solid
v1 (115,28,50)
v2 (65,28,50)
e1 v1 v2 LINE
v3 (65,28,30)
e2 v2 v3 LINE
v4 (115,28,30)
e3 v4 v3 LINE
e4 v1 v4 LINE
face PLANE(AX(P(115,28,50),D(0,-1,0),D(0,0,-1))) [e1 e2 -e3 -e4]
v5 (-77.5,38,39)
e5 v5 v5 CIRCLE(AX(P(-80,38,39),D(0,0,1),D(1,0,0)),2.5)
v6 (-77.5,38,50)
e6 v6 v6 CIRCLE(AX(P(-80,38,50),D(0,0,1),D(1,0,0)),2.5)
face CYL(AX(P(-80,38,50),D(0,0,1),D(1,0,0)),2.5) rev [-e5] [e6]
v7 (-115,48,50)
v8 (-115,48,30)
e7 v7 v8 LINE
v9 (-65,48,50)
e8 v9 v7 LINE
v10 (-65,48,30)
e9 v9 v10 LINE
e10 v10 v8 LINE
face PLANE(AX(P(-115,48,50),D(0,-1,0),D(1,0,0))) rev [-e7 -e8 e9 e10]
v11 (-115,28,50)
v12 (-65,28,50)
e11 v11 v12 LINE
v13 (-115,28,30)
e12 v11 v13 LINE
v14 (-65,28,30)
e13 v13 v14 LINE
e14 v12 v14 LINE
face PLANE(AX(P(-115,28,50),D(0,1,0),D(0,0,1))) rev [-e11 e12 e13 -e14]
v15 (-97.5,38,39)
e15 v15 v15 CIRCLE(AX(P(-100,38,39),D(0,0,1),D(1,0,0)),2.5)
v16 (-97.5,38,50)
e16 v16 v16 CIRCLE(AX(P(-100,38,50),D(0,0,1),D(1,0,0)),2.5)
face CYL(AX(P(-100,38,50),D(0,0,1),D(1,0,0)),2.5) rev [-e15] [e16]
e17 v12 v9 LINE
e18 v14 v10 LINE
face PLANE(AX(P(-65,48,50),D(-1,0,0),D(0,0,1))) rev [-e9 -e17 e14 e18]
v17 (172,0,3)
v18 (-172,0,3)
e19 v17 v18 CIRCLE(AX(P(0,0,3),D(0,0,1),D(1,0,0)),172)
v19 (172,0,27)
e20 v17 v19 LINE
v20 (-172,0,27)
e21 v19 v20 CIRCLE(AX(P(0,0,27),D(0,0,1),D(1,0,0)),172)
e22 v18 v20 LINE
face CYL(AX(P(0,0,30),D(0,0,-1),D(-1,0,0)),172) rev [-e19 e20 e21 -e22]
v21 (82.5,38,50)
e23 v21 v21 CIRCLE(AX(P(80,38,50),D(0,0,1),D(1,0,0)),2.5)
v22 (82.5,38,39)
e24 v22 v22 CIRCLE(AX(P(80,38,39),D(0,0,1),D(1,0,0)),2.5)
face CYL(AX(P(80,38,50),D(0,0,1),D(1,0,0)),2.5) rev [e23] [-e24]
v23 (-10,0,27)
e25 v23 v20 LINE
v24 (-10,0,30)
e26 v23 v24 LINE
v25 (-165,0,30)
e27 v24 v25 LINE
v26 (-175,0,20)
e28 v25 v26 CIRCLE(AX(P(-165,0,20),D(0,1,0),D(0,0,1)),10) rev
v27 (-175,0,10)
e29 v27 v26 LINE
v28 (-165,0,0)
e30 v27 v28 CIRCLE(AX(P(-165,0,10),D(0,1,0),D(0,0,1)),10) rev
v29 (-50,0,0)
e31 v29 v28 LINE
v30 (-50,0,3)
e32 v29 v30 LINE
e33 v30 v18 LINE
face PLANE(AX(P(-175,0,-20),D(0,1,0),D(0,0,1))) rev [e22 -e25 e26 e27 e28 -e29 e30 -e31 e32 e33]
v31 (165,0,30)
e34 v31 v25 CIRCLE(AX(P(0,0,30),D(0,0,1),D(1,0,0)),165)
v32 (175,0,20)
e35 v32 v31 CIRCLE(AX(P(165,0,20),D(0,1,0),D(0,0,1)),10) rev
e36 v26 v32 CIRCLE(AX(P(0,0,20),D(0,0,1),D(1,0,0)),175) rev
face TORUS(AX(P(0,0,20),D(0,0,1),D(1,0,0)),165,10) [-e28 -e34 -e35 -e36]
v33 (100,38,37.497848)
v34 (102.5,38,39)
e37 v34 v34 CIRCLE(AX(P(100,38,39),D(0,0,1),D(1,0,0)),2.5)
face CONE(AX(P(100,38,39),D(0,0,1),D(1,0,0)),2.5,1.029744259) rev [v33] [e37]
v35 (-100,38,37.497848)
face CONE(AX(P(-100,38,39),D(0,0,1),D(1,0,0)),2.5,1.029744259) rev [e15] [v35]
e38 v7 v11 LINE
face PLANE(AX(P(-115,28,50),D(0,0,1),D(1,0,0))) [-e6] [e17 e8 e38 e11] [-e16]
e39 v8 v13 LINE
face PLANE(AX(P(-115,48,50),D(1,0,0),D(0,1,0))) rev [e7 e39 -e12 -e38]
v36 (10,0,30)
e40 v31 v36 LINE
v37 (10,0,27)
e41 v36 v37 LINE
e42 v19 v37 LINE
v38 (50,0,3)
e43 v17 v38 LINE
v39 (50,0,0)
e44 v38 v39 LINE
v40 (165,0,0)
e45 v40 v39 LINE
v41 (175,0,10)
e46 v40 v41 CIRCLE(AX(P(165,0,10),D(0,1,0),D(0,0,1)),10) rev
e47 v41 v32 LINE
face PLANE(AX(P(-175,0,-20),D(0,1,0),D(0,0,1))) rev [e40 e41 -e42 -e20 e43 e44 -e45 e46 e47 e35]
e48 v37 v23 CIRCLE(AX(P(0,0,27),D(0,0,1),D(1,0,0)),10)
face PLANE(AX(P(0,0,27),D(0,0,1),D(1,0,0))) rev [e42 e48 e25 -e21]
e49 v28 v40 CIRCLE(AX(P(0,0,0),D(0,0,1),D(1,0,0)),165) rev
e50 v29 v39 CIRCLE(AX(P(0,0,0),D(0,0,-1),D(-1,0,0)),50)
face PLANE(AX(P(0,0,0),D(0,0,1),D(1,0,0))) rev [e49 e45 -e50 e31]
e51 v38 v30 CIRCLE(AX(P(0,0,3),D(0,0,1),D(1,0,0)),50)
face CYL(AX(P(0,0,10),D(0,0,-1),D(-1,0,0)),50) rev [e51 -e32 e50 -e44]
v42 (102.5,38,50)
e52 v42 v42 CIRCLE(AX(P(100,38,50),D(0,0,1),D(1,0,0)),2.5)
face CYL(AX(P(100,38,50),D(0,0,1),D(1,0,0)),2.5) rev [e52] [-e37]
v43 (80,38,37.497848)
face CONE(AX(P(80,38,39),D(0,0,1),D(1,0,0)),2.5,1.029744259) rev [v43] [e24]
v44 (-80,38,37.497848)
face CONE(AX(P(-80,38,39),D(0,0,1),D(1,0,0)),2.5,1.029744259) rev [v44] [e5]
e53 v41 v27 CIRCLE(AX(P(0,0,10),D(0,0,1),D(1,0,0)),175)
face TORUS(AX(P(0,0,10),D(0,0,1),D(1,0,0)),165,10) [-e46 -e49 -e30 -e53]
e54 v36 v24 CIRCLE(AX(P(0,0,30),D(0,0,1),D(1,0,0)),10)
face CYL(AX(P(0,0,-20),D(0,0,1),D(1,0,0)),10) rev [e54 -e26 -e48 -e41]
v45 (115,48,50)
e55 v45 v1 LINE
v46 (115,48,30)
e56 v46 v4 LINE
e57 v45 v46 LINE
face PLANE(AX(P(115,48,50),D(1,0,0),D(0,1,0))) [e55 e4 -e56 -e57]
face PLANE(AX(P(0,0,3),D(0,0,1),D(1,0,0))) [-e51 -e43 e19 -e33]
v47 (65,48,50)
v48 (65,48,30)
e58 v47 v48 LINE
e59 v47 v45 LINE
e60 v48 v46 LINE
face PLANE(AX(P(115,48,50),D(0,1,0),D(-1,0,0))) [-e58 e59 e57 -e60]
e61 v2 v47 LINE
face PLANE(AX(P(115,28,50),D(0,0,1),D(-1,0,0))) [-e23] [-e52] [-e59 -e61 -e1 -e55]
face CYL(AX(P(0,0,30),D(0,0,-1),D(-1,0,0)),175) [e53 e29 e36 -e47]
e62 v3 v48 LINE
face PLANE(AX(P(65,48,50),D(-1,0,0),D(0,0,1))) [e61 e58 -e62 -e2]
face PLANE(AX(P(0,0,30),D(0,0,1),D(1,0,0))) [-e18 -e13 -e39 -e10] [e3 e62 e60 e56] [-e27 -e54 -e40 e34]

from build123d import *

# Parameters (mm, degrees)
SKETCH1_R                    = 175
BOSS_EXTRUDE3_DEPTH          = 30
CUT_EXTRUDE1_DEPTH           = 50
SHELL2_T                     = -3
SKETCH4_R                    = 10
CUT_EXTRUDE2_DEPTH           = 50
FILLET1_R                    = 10
SKETCH6_R                    = 50
CUT_EXTRUDE4_DEPTH           = 10
SKETCH9_W                    = 50
SKETCH9_H                    = 20
BOSS_EXTRUDE4_DEPTH          = 20
F_5_0_5_DIAMETER_HOLE2_D     = 5
F_5_0_5_DIAMETER_HOLE2_DEPTH = 11
F_5_0_5_DIAMETER_HOLE2_TIP   = 1.502151548


with BuildPart() as part:
    # Sketch1 → Boss-Extrude3 (new body)
    with BuildSketch(Plane.XY):
        Circle(SKETCH1_R)
    extrude(amount=BOSS_EXTRUDE3_DEPTH)

    # Sketch3 → Cut-Extrude1 (cut)
    with BuildSketch(Plane.XY.offset(30)):
        with BuildLine():
            Line((-175, 0), (175, 0))
            ThreePointArc((175, 0), (0, -175), (-175, 0))
        make_face()
    extrude(amount=-CUT_EXTRUDE1_DEPTH, mode=Mode.SUBTRACT)

    # Shell2
    shell2_openings = [part.faces().sort_by_distance(p)[0] for p in [
        (0, 0, 15),
    ]]
    offset(amount=SHELL2_T, openings=shell2_openings)

    # Sketch4 → Cut-Extrude2 (cut)
    with BuildSketch(Plane.XY.offset(30)):
        Circle(SKETCH4_R)
    extrude(amount=-CUT_EXTRUDE2_DEPTH, mode=Mode.SUBTRACT)

    # Fillet1
    fillet1_edges = [part.edges().sort_by_distance(p)[0] for p in [
        (0, 175, 0),
        (0, 175, 30),
    ]]
    fillet(fillet1_edges, radius=FILLET1_R)

    # Sketch6 → Cut-Extrude4 (cut)
    with BuildSketch(Plane(origin=(0, 0, 0), x_dir=(-1, 0, 0), z_dir=(0, 0, -1))):
        Circle(SKETCH6_R)
    extrude(amount=-CUT_EXTRUDE4_DEPTH, mode=Mode.SUBTRACT)

    # Sketch9 → Boss-Extrude4 (add)
    with BuildSketch(Plane.XY.offset(30)):
        with Locations((-90, 38)):
            Rectangle(SKETCH9_W, SKETCH9_H)
    boss_extrude4 = extrude(amount=BOSS_EXTRUDE4_DEPTH)

    # Mirror2: Boss-Extrude4 across plane
    add(boss_extrude4.mirror(Plane(origin=(0, 0, 0), x_dir=(0, 0, 1), z_dir=(1, 0, 0))))

    # Ø5.0 (5) Diameter Hole2
    with Locations(Plane.XY.offset(50)):
        with Locations((-100, 38), (-80, 38), (80, 38), (100, 38)):
            Hole(F_5_0_5_DIAMETER_HOLE2_D / 2, depth=F_5_0_5_DIAMETER_HOLE2_DEPTH)
            with Locations((0, 0, -(F_5_0_5_DIAMETER_HOLE2_DEPTH + F_5_0_5_DIAMETER_HOLE2_TIP / 2))):  # 118° drill point
                Cone(0, F_5_0_5_DIAMETER_HOLE2_D / 2, F_5_0_5_DIAMETER_HOLE2_TIP, mode=Mode.SUBTRACT)


solid = part.part
